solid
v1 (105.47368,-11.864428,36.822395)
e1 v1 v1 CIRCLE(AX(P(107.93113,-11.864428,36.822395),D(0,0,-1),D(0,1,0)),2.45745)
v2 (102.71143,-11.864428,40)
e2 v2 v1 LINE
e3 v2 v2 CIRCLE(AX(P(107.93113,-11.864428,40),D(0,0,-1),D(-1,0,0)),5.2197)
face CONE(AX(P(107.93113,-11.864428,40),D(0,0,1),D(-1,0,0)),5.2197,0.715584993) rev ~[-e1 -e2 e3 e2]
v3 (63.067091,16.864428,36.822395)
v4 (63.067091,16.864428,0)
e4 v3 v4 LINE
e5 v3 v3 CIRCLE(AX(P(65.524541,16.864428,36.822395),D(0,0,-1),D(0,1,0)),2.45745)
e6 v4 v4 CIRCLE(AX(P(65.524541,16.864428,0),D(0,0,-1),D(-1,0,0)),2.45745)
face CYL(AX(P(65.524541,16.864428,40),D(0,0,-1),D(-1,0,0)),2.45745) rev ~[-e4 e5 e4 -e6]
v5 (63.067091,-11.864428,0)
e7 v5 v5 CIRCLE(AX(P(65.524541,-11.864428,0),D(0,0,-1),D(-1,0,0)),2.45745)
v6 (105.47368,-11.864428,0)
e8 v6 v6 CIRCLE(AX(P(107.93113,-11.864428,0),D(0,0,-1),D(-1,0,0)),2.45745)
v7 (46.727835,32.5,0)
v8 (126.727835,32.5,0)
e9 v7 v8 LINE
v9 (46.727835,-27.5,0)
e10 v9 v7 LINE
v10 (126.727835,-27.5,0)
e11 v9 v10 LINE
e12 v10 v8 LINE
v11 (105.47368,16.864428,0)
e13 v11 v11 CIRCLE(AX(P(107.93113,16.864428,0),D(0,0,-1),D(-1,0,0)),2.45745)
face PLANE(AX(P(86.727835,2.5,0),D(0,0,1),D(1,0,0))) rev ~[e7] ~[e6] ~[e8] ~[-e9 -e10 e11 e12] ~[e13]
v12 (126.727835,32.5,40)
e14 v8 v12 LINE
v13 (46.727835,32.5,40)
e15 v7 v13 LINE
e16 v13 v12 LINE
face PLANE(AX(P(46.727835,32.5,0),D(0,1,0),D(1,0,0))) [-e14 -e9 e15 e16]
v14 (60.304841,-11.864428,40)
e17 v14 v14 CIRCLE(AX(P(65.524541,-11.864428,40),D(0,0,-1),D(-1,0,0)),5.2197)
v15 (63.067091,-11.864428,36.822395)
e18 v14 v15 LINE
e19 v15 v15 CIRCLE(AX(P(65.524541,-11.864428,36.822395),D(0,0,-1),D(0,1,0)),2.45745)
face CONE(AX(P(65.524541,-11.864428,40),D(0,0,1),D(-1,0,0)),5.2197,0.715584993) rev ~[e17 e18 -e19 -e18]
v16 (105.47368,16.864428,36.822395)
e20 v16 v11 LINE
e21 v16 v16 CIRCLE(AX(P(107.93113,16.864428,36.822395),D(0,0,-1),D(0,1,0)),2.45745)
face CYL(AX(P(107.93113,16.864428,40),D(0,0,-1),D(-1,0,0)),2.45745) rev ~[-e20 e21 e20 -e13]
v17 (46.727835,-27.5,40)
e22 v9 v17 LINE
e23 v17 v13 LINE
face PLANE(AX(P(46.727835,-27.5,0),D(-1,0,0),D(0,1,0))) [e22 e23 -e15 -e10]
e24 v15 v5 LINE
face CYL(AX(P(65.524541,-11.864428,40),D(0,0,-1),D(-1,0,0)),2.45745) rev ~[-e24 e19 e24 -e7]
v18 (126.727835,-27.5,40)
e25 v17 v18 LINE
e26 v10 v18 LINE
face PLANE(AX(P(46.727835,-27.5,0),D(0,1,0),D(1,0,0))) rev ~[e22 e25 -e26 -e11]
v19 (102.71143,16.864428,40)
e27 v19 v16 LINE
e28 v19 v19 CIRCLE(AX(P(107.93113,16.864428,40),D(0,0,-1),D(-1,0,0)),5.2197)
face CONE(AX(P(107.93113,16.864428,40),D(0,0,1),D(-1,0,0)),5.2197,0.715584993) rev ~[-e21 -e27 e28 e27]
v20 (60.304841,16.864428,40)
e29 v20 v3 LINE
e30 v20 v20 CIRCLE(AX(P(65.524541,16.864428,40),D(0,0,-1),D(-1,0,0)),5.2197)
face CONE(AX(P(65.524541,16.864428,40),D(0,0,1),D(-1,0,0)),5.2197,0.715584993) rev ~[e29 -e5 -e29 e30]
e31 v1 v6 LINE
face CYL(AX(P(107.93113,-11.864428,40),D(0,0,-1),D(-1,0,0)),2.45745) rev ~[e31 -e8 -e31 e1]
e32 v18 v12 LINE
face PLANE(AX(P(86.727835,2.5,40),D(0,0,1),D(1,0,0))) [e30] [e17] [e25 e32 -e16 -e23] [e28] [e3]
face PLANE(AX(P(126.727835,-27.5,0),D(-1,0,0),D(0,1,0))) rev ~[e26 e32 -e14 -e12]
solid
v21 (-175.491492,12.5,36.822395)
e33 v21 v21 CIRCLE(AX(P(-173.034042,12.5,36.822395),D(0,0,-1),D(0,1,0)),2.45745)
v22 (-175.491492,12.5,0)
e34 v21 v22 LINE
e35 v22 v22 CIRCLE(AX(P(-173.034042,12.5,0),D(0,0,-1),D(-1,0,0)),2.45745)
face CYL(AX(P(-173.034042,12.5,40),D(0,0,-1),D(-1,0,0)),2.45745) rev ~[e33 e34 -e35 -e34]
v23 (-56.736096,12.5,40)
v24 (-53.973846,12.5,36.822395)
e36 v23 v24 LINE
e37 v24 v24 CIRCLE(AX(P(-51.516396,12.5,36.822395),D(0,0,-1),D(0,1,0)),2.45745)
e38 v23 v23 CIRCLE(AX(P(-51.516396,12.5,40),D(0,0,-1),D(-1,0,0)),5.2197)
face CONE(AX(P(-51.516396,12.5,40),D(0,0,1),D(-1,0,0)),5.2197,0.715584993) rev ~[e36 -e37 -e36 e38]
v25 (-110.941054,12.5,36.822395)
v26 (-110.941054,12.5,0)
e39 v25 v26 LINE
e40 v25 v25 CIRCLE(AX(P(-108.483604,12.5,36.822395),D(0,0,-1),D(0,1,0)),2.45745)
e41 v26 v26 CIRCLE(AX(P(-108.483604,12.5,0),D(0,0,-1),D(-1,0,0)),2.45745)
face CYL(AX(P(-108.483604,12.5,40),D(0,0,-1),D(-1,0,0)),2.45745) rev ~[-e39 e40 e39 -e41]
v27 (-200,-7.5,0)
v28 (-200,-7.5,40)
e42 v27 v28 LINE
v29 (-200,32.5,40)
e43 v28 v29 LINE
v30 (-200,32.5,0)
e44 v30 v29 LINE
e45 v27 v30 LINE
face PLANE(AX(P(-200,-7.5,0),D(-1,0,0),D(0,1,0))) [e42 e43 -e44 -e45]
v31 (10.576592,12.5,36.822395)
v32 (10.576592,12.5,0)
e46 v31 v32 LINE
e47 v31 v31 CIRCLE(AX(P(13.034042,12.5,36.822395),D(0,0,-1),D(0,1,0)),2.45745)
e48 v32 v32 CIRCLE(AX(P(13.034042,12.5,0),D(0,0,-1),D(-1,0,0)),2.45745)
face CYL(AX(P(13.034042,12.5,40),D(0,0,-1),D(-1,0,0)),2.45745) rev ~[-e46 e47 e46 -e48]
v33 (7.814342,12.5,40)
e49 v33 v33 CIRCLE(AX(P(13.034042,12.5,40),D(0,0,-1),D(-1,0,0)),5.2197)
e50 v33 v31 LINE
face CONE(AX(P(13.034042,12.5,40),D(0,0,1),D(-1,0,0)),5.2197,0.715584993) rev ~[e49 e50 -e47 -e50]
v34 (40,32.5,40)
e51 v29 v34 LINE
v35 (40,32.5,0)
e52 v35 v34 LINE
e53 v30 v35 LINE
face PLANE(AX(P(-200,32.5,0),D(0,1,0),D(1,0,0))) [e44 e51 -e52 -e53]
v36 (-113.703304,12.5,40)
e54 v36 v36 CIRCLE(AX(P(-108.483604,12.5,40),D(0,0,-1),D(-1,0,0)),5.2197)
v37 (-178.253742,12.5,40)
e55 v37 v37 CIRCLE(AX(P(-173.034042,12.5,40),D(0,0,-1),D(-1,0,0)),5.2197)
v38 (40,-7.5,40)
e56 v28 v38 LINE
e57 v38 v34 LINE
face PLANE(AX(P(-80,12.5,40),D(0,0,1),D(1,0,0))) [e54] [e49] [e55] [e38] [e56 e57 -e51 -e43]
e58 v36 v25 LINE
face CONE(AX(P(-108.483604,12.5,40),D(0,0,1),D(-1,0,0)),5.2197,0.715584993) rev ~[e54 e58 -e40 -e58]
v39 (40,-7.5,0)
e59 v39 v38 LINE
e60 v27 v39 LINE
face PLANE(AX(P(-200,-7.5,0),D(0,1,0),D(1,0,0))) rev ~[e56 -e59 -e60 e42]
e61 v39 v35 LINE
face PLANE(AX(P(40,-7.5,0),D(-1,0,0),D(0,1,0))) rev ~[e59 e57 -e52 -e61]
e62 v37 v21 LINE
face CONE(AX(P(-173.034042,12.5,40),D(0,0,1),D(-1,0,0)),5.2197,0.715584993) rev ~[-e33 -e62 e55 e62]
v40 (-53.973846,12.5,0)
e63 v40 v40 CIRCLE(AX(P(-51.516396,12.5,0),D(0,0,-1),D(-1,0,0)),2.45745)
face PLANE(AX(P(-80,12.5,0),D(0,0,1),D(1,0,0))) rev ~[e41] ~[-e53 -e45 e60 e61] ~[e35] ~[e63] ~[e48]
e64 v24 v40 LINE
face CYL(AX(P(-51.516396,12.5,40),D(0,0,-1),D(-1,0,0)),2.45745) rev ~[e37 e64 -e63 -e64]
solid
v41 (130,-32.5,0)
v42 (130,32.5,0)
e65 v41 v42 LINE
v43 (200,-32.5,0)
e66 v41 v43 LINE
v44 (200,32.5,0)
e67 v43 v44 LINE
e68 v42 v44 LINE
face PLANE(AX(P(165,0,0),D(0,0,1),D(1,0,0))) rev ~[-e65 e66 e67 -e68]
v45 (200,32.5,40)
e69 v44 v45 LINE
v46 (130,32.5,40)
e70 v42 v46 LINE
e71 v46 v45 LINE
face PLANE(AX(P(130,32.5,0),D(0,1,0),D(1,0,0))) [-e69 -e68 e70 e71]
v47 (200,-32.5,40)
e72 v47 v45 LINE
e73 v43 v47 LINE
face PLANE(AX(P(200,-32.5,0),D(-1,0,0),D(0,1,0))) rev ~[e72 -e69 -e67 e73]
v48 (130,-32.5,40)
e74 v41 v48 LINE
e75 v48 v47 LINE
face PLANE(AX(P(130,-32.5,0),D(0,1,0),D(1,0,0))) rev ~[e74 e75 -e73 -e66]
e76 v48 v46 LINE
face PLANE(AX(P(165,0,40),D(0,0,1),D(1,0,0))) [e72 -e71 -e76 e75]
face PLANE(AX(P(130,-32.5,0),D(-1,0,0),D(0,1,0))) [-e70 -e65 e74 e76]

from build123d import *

# Parameters (mm, degrees)
F0_W             = 240
F0_H             = 40
F1_DEPTH         = 40
F0_W_2           = 80
F0_H_2           = 60
F0_W_3           = 70
F0_H_3           = 65
F3_D             = 4.9149
F3_CSINK_D       = 10.4394
F3_CSINK_ANGLE   = 82
F3_2_D           = 4.9149
F3_2_CSINK_D     = 10.4394
F3_2_CSINK_ANGLE = 82


with BuildPart() as f1:
    # F0 (on Top) → F1 (new body)
    with BuildSketch(Plane.XY):
        with Locations((-80, 12.5)):
            Rectangle(F0_W, F0_H)
    extrude(amount=F1_DEPTH)

    # F3 (through all)
    with Locations(Plane.XY.offset(40)):
        with Locations((65.5245407671, 16.8644282967), (107.9311296344, 16.8644282967), (107.9311296344, -11.8644282967), (65.5245407671, -11.8644282967), (-51.5163959959, 12.5), (13.03404212, 12.5), (-108.4836040041, 12.5), (-173.03404212, 12.5)):
            CounterSinkHole(F3_D / 2, F3_CSINK_D / 2, counter_sink_angle=F3_CSINK_ANGLE)


with BuildPart() as f1b:
    # F0 (on Top) → F1, piece 2 (new body)
    with BuildSketch(Plane.XY):
        with Locations((86.7278352007, 2.5)):
            Rectangle(F0_W_2, F0_H_2)
    extrude(amount=F1_DEPTH)

    # F3#2 (through all)
    with Locations(Plane.XY.offset(40)):
        with Locations((65.5245407671, 16.8644282967), (107.9311296344, 16.8644282967), (107.9311296344, -11.8644282967), (65.5245407671, -11.8644282967), (-51.5163959959, 12.5), (13.03404212, 12.5), (-108.4836040041, 12.5), (-173.03404212, 12.5)):
            CounterSinkHole(F3_2_D / 2, F3_2_CSINK_D / 2, counter_sink_angle=F3_2_CSINK_ANGLE)


with BuildPart() as f1c:
    # F0 (on Top) → F1, piece 3 (new body)
    with BuildSketch(Plane.XY):
        with Locations((165, 0)):
            Rectangle(F0_W_3, F0_H_3)
    extrude(amount=F1_DEPTH)


solid = Compound([f1.part, f1b.part, f1c.part])
